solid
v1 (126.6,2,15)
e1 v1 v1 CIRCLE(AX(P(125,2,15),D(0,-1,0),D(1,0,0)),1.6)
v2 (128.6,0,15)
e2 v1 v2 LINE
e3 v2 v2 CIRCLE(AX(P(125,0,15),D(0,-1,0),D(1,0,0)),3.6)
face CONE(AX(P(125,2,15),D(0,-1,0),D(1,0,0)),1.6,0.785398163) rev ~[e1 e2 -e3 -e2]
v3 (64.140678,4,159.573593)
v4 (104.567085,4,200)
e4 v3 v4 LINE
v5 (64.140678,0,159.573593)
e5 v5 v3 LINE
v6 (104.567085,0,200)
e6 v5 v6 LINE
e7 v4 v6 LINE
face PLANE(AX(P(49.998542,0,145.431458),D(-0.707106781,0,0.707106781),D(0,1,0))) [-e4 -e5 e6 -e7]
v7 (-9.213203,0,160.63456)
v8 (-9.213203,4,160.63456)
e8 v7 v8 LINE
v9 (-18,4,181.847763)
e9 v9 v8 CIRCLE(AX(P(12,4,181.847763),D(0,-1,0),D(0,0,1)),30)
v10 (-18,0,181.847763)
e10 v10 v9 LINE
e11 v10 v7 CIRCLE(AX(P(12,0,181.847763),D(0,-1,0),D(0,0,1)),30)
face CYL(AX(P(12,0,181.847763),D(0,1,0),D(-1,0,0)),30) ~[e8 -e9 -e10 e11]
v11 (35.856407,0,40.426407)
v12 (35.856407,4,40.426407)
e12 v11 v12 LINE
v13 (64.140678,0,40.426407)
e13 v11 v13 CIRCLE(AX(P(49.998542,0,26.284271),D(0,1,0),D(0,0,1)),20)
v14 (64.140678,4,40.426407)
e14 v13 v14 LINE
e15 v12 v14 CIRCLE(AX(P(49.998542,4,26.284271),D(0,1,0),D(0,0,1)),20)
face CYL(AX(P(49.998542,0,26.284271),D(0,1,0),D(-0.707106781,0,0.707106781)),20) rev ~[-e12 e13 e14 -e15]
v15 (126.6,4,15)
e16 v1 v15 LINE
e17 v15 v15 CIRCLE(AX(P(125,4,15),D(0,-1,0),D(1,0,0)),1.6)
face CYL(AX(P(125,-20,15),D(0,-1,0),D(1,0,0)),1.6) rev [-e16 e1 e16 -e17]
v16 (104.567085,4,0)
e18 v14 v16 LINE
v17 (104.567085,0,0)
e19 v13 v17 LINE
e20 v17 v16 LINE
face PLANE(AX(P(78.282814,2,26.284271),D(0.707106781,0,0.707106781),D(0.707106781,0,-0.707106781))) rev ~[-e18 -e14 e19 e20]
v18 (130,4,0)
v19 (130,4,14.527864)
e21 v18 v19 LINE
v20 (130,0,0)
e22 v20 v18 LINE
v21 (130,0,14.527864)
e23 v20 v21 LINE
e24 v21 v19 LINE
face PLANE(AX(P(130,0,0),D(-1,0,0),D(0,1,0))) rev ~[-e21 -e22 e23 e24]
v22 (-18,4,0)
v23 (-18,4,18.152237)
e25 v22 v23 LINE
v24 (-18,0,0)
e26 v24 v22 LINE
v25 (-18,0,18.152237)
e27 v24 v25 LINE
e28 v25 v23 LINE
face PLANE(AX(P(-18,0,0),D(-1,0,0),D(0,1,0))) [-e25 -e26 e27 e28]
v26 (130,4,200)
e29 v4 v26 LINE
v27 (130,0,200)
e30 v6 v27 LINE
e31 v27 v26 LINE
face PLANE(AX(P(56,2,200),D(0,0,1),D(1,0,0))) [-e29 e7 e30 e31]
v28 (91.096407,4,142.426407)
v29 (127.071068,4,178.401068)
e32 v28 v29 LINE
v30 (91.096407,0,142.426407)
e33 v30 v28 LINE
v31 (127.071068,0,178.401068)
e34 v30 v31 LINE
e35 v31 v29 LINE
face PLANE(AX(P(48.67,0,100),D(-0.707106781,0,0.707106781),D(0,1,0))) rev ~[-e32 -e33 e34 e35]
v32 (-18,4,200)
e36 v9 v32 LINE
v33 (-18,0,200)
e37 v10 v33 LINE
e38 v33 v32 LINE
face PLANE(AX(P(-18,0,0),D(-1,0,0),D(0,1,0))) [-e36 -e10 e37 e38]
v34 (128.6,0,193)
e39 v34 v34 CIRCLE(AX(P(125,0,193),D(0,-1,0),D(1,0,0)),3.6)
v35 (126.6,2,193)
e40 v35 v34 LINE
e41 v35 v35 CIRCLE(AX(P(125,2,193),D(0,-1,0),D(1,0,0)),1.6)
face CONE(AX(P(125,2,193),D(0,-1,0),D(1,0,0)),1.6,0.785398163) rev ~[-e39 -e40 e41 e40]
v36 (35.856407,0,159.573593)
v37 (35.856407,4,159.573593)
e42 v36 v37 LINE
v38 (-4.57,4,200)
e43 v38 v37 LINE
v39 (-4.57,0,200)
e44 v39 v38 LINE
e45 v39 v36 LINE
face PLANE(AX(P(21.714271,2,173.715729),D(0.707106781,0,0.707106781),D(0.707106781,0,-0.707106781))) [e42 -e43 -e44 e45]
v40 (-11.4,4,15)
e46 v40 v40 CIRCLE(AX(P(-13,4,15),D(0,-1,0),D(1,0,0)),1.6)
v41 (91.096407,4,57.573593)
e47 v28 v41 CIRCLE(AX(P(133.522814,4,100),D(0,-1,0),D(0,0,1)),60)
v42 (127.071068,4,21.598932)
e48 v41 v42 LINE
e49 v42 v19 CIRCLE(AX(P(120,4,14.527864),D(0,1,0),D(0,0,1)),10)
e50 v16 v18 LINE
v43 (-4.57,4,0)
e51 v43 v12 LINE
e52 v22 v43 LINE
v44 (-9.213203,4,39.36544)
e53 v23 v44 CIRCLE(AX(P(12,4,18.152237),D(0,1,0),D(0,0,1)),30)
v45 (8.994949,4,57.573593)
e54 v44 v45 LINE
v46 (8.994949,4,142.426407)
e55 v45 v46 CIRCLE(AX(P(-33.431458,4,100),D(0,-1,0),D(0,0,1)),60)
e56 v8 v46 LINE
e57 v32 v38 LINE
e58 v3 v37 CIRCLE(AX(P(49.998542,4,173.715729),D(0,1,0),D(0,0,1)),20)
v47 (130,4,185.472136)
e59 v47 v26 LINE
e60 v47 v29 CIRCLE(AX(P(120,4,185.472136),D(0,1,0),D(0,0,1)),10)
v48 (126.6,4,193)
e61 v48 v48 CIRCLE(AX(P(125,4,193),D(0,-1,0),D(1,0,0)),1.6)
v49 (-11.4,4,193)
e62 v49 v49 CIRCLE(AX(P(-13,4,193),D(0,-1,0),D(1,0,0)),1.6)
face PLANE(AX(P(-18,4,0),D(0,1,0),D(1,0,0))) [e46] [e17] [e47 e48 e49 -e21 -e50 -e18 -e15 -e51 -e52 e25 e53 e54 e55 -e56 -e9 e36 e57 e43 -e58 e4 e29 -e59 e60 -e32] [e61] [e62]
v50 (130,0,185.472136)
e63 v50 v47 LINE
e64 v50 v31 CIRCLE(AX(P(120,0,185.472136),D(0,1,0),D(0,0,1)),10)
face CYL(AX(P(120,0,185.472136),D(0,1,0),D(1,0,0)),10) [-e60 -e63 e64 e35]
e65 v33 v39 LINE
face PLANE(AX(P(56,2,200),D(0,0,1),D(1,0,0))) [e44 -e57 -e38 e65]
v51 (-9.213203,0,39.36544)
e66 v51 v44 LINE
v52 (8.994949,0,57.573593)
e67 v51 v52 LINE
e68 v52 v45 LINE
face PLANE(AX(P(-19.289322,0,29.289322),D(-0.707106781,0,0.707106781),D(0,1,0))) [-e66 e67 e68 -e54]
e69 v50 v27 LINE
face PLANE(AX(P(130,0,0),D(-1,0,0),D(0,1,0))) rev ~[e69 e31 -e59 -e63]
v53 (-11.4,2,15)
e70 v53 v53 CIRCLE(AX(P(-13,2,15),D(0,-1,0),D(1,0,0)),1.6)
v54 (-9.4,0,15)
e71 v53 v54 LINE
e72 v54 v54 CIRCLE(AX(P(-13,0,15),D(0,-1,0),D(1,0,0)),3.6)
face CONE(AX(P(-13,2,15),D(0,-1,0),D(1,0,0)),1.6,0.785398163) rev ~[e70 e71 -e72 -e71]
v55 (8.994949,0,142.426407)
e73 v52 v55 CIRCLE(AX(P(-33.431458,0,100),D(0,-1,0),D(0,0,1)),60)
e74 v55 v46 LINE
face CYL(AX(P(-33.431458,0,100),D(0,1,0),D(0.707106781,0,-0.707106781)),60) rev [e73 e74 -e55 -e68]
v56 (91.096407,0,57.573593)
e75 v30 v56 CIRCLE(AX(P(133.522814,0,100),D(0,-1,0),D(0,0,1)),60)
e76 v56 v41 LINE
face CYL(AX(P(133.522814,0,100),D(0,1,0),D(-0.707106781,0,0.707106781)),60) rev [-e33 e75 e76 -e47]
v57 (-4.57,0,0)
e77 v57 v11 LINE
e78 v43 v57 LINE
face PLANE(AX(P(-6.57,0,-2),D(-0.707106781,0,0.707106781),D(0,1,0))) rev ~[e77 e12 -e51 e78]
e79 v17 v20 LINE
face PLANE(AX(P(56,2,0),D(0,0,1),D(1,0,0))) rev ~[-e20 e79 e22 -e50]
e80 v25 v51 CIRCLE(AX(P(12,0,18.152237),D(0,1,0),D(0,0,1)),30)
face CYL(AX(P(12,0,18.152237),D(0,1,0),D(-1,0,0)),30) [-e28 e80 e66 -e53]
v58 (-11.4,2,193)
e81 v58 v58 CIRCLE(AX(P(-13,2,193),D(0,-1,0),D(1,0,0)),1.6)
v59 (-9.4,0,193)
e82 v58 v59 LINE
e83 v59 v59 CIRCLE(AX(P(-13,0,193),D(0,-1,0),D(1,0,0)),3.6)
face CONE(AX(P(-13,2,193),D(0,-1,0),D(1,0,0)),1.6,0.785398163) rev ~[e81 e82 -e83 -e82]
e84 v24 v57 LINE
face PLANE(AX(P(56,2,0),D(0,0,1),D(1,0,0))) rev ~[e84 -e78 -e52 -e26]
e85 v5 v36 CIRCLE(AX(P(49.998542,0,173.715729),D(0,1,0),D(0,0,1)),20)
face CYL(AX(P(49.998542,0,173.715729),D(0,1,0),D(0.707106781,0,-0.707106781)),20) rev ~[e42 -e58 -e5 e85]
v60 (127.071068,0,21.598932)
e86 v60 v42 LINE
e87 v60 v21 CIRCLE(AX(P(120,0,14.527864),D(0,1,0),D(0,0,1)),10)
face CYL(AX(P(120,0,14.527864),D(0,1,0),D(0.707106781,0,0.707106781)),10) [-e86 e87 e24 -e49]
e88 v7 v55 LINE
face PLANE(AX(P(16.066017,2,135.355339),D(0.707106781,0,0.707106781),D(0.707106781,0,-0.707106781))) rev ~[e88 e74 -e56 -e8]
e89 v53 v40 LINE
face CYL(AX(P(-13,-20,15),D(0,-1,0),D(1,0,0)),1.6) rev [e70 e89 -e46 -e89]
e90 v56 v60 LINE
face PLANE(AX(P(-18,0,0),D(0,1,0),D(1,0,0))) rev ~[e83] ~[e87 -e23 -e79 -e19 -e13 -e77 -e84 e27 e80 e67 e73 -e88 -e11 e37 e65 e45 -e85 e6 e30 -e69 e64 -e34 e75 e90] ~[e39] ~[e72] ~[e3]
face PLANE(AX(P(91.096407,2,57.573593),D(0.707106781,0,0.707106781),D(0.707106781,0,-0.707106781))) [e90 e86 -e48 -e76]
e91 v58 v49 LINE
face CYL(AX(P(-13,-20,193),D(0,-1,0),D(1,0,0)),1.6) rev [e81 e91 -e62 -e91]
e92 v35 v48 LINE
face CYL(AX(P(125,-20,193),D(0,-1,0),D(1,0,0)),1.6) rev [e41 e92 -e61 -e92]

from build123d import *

# Parameters (mm, degrees)
BOX033_W               = 80
BOX033_H               = 4
BOX033_DEPTH           = 80
BOX033_PLACEMENT_ANGLE = 45
FILLET130_R            = 20
BOX035_W               = 80
BOX035_H               = 4
BOX035_DEPTH           = 80
BOX035_PLACEMENT_ANGLE = 45
FILLET131_R            = 20
BOX036_W               = 120
BOX036_H               = 4
BOX036_DEPTH           = 120
BOX036_PLACEMENT_ANGLE = 45
FILLET133_R            = 60
CYLINDER090_R          = 1.6
CYLINDER090_DEPTH      = 25
CYLINDER091_R          = 1.6
CYLINDER091_DEPTH      = 25
CYLINDER092_R          = 1.6
CYLINDER092_DEPTH      = 25
CYLINDER089_R          = 1.6
CYLINDER089_DEPTH      = 25
BOX034_W               = 100
BOX034_H               = 4
BOX034_DEPTH           = 100
BOX034_PLACEMENT_ANGLE = 45
FILLET132_R            = 60
BOX032_W               = 148
BOX032_H               = 4
BOX032_DEPTH           = 200
FILLET134_R            = 30
FILLET135_R            = 10
CHAMFER035_SIZE        = 2


with BuildPart() as fillet131:
    # Box033 → Box033 (new body)
    with BuildSketch(Plane.XY):
        with Locations((40, 2)):
            Rectangle(BOX033_W, BOX033_H)
    extrude(amount=BOX033_DEPTH)


with BuildPart() as fillet131_1:
    # Box033 placement: moved
    add(fillet131.part.moved(Location((-6.57, 0, 202))).rotate(Axis((-6.57, 0, 202), (0, 1, 0)), BOX033_PLACEMENT_ANGLE))

    # Fillet130
    fillet130_edges = [fillet131_1.edges().sort_by_distance(p)[0] for p in [
        (49.998542, 2, 145.431458),
    ]]
    fillet(fillet130_edges, radius=FILLET130_R)


with BuildPart() as fillet132:
    # Box035 → Box035 (new body)
    with BuildSketch(Plane.XY):
        with Locations((40, 2)):
            Rectangle(BOX035_W, BOX035_H)
    extrude(amount=BOX035_DEPTH)


with BuildPart() as fillet132_1:
    # Box035 placement: moved
    add(fillet132.part.moved(Location((-6.57, 0, -2))).rotate(Axis((-6.57, 0, -2), (0, 1, 0)), BOX035_PLACEMENT_ANGLE))

    # Fillet131
    fillet131_edges = [fillet132_1.edges().sort_by_distance(p)[0] for p in [
        (49.998542, 2, 54.568542),
    ]]
    fillet(fillet131_edges, radius=FILLET131_R)


with BuildPart() as fillet134:
    # Box036 → Box036 (new body)
    with BuildSketch(Plane.XY):
        with Locations((60, 2)):
            Rectangle(BOX036_W, BOX036_H)
    extrude(amount=BOX036_DEPTH)


with BuildPart() as fillet134_1:
    # Box036 placement: moved
    add(fillet134.part.moved(Location((48.67, 0, 100))).rotate(Axis((48.67, 0, 100), (0, 1, 0)), BOX036_PLACEMENT_ANGLE))

    # Fillet133
    fillet133_edges = [fillet134_1.edges().sort_by_distance(p)[0] for p in [
        (48.67, 2, 100),
    ]]
    fillet(fillet133_edges, radius=FILLET133_R)


with BuildPart() as screwholle027:
    # Cylinder090 → Cylinder090 (new body)
    with BuildSketch(Plane(origin=(125, -20, 15), x_dir=(1, 0, 0), z_dir=(0, 1, 0))):
        Circle(CYLINDER090_R)
    extrude(amount=CYLINDER090_DEPTH)


with BuildPart() as screwholle028:
    # Cylinder091 → Cylinder091 (new body)
    with BuildSketch(Plane(origin=(-13, -20, 193), x_dir=(1, 0, 0), z_dir=(0, 1, 0))):
        Circle(CYLINDER091_R)
    extrude(amount=CYLINDER091_DEPTH)


with BuildPart() as screwholle029:
    # Cylinder092 → Cylinder092 (new body)
    with BuildSketch(Plane(origin=(125, -20, 193), x_dir=(1, 0, 0), z_dir=(0, 1, 0))):
        Circle(CYLINDER092_R)
    extrude(amount=CYLINDER092_DEPTH)


with BuildPart() as screwholles001:
    # Cylinder089 → Cylinder089 (new body)
    with BuildSketch(Plane(origin=(-13, -20, 15), x_dir=(1, 0, 0), z_dir=(0, 1, 0))):
        Circle(CYLINDER089_R)
    extrude(amount=CYLINDER089_DEPTH)

    # Fusion055: union ScrewHolle027, ScrewHolle028, ScrewHolle029
    add(screwholle027.part)
    add(screwholle028.part)
    add(screwholle029.part)


with BuildPart() as fusion056:
    # Box034 → Box034 (new body)
    with BuildSketch(Plane.XY):
        with Locations((50, 2)):
            Rectangle(BOX034_W, BOX034_H)
    extrude(amount=BOX034_DEPTH)


with BuildPart() as fusion056_1:
    # Box034 placement: moved
    add(fusion056.part.moved(Location((-90, 0, 100))).rotate(Axis((-90, 0, 100), (0, 1, 0)), BOX034_PLACEMENT_ANGLE))

    # Fillet132
    fillet132_edges = [fusion056_1.edges().sort_by_distance(p)[0] for p in [
        (51.421356, 2, 100),
    ]]
    fillet(fillet132_edges, radius=FILLET132_R)

    # Fusion056: union Fillet131, Fillet132, Fillet134, ScrewHolles001
    add(fillet131_1.part)
    add(fillet132_1.part)
    add(fillet134_1.part)
    add(screwholles001.part)


with BuildPart() as support2:
    # Box032 → Box032 (new body)
    with BuildSketch(Plane(origin=(-18, 0, 0), x_dir=(1, 0, 0), z_dir=(0, 0, 1))):
        with Locations((74, 2)):
            Rectangle(BOX032_W, BOX032_H)
    extrude(amount=BOX032_DEPTH)

    # Cut017: cut Fusion056
    add(fusion056_1.part, mode=Mode.SUBTRACT)

    # Fillet134
    fillet134_edges = [support2.edges().sort_by_distance(p)[0] for p in [
        (-18, 2, 30.578644),
        (-18, 2, 169.421356),
    ]]
    fillet(fillet134_edges, radius=FILLET134_R)

    # Fillet135
    fillet135_edges = [support2.edges().sort_by_distance(p)[0] for p in [
        (130, 2, 181.33),
        (130, 2, 18.67),
    ]]
    fillet(fillet135_edges, radius=FILLET135_R)

    # Chamfer035
    chamfer035_edges = [support2.edges().sort_by_distance(p)[0] for p in [
        (-14.6, 0, 15),
        (-14.6, 0, 193),
        (123.4, 0, 15),
        (123.4, 0, 193),
    ]]
    chamfer(chamfer035_edges, length=CHAMFER035_SIZE)


solid = support2.part
